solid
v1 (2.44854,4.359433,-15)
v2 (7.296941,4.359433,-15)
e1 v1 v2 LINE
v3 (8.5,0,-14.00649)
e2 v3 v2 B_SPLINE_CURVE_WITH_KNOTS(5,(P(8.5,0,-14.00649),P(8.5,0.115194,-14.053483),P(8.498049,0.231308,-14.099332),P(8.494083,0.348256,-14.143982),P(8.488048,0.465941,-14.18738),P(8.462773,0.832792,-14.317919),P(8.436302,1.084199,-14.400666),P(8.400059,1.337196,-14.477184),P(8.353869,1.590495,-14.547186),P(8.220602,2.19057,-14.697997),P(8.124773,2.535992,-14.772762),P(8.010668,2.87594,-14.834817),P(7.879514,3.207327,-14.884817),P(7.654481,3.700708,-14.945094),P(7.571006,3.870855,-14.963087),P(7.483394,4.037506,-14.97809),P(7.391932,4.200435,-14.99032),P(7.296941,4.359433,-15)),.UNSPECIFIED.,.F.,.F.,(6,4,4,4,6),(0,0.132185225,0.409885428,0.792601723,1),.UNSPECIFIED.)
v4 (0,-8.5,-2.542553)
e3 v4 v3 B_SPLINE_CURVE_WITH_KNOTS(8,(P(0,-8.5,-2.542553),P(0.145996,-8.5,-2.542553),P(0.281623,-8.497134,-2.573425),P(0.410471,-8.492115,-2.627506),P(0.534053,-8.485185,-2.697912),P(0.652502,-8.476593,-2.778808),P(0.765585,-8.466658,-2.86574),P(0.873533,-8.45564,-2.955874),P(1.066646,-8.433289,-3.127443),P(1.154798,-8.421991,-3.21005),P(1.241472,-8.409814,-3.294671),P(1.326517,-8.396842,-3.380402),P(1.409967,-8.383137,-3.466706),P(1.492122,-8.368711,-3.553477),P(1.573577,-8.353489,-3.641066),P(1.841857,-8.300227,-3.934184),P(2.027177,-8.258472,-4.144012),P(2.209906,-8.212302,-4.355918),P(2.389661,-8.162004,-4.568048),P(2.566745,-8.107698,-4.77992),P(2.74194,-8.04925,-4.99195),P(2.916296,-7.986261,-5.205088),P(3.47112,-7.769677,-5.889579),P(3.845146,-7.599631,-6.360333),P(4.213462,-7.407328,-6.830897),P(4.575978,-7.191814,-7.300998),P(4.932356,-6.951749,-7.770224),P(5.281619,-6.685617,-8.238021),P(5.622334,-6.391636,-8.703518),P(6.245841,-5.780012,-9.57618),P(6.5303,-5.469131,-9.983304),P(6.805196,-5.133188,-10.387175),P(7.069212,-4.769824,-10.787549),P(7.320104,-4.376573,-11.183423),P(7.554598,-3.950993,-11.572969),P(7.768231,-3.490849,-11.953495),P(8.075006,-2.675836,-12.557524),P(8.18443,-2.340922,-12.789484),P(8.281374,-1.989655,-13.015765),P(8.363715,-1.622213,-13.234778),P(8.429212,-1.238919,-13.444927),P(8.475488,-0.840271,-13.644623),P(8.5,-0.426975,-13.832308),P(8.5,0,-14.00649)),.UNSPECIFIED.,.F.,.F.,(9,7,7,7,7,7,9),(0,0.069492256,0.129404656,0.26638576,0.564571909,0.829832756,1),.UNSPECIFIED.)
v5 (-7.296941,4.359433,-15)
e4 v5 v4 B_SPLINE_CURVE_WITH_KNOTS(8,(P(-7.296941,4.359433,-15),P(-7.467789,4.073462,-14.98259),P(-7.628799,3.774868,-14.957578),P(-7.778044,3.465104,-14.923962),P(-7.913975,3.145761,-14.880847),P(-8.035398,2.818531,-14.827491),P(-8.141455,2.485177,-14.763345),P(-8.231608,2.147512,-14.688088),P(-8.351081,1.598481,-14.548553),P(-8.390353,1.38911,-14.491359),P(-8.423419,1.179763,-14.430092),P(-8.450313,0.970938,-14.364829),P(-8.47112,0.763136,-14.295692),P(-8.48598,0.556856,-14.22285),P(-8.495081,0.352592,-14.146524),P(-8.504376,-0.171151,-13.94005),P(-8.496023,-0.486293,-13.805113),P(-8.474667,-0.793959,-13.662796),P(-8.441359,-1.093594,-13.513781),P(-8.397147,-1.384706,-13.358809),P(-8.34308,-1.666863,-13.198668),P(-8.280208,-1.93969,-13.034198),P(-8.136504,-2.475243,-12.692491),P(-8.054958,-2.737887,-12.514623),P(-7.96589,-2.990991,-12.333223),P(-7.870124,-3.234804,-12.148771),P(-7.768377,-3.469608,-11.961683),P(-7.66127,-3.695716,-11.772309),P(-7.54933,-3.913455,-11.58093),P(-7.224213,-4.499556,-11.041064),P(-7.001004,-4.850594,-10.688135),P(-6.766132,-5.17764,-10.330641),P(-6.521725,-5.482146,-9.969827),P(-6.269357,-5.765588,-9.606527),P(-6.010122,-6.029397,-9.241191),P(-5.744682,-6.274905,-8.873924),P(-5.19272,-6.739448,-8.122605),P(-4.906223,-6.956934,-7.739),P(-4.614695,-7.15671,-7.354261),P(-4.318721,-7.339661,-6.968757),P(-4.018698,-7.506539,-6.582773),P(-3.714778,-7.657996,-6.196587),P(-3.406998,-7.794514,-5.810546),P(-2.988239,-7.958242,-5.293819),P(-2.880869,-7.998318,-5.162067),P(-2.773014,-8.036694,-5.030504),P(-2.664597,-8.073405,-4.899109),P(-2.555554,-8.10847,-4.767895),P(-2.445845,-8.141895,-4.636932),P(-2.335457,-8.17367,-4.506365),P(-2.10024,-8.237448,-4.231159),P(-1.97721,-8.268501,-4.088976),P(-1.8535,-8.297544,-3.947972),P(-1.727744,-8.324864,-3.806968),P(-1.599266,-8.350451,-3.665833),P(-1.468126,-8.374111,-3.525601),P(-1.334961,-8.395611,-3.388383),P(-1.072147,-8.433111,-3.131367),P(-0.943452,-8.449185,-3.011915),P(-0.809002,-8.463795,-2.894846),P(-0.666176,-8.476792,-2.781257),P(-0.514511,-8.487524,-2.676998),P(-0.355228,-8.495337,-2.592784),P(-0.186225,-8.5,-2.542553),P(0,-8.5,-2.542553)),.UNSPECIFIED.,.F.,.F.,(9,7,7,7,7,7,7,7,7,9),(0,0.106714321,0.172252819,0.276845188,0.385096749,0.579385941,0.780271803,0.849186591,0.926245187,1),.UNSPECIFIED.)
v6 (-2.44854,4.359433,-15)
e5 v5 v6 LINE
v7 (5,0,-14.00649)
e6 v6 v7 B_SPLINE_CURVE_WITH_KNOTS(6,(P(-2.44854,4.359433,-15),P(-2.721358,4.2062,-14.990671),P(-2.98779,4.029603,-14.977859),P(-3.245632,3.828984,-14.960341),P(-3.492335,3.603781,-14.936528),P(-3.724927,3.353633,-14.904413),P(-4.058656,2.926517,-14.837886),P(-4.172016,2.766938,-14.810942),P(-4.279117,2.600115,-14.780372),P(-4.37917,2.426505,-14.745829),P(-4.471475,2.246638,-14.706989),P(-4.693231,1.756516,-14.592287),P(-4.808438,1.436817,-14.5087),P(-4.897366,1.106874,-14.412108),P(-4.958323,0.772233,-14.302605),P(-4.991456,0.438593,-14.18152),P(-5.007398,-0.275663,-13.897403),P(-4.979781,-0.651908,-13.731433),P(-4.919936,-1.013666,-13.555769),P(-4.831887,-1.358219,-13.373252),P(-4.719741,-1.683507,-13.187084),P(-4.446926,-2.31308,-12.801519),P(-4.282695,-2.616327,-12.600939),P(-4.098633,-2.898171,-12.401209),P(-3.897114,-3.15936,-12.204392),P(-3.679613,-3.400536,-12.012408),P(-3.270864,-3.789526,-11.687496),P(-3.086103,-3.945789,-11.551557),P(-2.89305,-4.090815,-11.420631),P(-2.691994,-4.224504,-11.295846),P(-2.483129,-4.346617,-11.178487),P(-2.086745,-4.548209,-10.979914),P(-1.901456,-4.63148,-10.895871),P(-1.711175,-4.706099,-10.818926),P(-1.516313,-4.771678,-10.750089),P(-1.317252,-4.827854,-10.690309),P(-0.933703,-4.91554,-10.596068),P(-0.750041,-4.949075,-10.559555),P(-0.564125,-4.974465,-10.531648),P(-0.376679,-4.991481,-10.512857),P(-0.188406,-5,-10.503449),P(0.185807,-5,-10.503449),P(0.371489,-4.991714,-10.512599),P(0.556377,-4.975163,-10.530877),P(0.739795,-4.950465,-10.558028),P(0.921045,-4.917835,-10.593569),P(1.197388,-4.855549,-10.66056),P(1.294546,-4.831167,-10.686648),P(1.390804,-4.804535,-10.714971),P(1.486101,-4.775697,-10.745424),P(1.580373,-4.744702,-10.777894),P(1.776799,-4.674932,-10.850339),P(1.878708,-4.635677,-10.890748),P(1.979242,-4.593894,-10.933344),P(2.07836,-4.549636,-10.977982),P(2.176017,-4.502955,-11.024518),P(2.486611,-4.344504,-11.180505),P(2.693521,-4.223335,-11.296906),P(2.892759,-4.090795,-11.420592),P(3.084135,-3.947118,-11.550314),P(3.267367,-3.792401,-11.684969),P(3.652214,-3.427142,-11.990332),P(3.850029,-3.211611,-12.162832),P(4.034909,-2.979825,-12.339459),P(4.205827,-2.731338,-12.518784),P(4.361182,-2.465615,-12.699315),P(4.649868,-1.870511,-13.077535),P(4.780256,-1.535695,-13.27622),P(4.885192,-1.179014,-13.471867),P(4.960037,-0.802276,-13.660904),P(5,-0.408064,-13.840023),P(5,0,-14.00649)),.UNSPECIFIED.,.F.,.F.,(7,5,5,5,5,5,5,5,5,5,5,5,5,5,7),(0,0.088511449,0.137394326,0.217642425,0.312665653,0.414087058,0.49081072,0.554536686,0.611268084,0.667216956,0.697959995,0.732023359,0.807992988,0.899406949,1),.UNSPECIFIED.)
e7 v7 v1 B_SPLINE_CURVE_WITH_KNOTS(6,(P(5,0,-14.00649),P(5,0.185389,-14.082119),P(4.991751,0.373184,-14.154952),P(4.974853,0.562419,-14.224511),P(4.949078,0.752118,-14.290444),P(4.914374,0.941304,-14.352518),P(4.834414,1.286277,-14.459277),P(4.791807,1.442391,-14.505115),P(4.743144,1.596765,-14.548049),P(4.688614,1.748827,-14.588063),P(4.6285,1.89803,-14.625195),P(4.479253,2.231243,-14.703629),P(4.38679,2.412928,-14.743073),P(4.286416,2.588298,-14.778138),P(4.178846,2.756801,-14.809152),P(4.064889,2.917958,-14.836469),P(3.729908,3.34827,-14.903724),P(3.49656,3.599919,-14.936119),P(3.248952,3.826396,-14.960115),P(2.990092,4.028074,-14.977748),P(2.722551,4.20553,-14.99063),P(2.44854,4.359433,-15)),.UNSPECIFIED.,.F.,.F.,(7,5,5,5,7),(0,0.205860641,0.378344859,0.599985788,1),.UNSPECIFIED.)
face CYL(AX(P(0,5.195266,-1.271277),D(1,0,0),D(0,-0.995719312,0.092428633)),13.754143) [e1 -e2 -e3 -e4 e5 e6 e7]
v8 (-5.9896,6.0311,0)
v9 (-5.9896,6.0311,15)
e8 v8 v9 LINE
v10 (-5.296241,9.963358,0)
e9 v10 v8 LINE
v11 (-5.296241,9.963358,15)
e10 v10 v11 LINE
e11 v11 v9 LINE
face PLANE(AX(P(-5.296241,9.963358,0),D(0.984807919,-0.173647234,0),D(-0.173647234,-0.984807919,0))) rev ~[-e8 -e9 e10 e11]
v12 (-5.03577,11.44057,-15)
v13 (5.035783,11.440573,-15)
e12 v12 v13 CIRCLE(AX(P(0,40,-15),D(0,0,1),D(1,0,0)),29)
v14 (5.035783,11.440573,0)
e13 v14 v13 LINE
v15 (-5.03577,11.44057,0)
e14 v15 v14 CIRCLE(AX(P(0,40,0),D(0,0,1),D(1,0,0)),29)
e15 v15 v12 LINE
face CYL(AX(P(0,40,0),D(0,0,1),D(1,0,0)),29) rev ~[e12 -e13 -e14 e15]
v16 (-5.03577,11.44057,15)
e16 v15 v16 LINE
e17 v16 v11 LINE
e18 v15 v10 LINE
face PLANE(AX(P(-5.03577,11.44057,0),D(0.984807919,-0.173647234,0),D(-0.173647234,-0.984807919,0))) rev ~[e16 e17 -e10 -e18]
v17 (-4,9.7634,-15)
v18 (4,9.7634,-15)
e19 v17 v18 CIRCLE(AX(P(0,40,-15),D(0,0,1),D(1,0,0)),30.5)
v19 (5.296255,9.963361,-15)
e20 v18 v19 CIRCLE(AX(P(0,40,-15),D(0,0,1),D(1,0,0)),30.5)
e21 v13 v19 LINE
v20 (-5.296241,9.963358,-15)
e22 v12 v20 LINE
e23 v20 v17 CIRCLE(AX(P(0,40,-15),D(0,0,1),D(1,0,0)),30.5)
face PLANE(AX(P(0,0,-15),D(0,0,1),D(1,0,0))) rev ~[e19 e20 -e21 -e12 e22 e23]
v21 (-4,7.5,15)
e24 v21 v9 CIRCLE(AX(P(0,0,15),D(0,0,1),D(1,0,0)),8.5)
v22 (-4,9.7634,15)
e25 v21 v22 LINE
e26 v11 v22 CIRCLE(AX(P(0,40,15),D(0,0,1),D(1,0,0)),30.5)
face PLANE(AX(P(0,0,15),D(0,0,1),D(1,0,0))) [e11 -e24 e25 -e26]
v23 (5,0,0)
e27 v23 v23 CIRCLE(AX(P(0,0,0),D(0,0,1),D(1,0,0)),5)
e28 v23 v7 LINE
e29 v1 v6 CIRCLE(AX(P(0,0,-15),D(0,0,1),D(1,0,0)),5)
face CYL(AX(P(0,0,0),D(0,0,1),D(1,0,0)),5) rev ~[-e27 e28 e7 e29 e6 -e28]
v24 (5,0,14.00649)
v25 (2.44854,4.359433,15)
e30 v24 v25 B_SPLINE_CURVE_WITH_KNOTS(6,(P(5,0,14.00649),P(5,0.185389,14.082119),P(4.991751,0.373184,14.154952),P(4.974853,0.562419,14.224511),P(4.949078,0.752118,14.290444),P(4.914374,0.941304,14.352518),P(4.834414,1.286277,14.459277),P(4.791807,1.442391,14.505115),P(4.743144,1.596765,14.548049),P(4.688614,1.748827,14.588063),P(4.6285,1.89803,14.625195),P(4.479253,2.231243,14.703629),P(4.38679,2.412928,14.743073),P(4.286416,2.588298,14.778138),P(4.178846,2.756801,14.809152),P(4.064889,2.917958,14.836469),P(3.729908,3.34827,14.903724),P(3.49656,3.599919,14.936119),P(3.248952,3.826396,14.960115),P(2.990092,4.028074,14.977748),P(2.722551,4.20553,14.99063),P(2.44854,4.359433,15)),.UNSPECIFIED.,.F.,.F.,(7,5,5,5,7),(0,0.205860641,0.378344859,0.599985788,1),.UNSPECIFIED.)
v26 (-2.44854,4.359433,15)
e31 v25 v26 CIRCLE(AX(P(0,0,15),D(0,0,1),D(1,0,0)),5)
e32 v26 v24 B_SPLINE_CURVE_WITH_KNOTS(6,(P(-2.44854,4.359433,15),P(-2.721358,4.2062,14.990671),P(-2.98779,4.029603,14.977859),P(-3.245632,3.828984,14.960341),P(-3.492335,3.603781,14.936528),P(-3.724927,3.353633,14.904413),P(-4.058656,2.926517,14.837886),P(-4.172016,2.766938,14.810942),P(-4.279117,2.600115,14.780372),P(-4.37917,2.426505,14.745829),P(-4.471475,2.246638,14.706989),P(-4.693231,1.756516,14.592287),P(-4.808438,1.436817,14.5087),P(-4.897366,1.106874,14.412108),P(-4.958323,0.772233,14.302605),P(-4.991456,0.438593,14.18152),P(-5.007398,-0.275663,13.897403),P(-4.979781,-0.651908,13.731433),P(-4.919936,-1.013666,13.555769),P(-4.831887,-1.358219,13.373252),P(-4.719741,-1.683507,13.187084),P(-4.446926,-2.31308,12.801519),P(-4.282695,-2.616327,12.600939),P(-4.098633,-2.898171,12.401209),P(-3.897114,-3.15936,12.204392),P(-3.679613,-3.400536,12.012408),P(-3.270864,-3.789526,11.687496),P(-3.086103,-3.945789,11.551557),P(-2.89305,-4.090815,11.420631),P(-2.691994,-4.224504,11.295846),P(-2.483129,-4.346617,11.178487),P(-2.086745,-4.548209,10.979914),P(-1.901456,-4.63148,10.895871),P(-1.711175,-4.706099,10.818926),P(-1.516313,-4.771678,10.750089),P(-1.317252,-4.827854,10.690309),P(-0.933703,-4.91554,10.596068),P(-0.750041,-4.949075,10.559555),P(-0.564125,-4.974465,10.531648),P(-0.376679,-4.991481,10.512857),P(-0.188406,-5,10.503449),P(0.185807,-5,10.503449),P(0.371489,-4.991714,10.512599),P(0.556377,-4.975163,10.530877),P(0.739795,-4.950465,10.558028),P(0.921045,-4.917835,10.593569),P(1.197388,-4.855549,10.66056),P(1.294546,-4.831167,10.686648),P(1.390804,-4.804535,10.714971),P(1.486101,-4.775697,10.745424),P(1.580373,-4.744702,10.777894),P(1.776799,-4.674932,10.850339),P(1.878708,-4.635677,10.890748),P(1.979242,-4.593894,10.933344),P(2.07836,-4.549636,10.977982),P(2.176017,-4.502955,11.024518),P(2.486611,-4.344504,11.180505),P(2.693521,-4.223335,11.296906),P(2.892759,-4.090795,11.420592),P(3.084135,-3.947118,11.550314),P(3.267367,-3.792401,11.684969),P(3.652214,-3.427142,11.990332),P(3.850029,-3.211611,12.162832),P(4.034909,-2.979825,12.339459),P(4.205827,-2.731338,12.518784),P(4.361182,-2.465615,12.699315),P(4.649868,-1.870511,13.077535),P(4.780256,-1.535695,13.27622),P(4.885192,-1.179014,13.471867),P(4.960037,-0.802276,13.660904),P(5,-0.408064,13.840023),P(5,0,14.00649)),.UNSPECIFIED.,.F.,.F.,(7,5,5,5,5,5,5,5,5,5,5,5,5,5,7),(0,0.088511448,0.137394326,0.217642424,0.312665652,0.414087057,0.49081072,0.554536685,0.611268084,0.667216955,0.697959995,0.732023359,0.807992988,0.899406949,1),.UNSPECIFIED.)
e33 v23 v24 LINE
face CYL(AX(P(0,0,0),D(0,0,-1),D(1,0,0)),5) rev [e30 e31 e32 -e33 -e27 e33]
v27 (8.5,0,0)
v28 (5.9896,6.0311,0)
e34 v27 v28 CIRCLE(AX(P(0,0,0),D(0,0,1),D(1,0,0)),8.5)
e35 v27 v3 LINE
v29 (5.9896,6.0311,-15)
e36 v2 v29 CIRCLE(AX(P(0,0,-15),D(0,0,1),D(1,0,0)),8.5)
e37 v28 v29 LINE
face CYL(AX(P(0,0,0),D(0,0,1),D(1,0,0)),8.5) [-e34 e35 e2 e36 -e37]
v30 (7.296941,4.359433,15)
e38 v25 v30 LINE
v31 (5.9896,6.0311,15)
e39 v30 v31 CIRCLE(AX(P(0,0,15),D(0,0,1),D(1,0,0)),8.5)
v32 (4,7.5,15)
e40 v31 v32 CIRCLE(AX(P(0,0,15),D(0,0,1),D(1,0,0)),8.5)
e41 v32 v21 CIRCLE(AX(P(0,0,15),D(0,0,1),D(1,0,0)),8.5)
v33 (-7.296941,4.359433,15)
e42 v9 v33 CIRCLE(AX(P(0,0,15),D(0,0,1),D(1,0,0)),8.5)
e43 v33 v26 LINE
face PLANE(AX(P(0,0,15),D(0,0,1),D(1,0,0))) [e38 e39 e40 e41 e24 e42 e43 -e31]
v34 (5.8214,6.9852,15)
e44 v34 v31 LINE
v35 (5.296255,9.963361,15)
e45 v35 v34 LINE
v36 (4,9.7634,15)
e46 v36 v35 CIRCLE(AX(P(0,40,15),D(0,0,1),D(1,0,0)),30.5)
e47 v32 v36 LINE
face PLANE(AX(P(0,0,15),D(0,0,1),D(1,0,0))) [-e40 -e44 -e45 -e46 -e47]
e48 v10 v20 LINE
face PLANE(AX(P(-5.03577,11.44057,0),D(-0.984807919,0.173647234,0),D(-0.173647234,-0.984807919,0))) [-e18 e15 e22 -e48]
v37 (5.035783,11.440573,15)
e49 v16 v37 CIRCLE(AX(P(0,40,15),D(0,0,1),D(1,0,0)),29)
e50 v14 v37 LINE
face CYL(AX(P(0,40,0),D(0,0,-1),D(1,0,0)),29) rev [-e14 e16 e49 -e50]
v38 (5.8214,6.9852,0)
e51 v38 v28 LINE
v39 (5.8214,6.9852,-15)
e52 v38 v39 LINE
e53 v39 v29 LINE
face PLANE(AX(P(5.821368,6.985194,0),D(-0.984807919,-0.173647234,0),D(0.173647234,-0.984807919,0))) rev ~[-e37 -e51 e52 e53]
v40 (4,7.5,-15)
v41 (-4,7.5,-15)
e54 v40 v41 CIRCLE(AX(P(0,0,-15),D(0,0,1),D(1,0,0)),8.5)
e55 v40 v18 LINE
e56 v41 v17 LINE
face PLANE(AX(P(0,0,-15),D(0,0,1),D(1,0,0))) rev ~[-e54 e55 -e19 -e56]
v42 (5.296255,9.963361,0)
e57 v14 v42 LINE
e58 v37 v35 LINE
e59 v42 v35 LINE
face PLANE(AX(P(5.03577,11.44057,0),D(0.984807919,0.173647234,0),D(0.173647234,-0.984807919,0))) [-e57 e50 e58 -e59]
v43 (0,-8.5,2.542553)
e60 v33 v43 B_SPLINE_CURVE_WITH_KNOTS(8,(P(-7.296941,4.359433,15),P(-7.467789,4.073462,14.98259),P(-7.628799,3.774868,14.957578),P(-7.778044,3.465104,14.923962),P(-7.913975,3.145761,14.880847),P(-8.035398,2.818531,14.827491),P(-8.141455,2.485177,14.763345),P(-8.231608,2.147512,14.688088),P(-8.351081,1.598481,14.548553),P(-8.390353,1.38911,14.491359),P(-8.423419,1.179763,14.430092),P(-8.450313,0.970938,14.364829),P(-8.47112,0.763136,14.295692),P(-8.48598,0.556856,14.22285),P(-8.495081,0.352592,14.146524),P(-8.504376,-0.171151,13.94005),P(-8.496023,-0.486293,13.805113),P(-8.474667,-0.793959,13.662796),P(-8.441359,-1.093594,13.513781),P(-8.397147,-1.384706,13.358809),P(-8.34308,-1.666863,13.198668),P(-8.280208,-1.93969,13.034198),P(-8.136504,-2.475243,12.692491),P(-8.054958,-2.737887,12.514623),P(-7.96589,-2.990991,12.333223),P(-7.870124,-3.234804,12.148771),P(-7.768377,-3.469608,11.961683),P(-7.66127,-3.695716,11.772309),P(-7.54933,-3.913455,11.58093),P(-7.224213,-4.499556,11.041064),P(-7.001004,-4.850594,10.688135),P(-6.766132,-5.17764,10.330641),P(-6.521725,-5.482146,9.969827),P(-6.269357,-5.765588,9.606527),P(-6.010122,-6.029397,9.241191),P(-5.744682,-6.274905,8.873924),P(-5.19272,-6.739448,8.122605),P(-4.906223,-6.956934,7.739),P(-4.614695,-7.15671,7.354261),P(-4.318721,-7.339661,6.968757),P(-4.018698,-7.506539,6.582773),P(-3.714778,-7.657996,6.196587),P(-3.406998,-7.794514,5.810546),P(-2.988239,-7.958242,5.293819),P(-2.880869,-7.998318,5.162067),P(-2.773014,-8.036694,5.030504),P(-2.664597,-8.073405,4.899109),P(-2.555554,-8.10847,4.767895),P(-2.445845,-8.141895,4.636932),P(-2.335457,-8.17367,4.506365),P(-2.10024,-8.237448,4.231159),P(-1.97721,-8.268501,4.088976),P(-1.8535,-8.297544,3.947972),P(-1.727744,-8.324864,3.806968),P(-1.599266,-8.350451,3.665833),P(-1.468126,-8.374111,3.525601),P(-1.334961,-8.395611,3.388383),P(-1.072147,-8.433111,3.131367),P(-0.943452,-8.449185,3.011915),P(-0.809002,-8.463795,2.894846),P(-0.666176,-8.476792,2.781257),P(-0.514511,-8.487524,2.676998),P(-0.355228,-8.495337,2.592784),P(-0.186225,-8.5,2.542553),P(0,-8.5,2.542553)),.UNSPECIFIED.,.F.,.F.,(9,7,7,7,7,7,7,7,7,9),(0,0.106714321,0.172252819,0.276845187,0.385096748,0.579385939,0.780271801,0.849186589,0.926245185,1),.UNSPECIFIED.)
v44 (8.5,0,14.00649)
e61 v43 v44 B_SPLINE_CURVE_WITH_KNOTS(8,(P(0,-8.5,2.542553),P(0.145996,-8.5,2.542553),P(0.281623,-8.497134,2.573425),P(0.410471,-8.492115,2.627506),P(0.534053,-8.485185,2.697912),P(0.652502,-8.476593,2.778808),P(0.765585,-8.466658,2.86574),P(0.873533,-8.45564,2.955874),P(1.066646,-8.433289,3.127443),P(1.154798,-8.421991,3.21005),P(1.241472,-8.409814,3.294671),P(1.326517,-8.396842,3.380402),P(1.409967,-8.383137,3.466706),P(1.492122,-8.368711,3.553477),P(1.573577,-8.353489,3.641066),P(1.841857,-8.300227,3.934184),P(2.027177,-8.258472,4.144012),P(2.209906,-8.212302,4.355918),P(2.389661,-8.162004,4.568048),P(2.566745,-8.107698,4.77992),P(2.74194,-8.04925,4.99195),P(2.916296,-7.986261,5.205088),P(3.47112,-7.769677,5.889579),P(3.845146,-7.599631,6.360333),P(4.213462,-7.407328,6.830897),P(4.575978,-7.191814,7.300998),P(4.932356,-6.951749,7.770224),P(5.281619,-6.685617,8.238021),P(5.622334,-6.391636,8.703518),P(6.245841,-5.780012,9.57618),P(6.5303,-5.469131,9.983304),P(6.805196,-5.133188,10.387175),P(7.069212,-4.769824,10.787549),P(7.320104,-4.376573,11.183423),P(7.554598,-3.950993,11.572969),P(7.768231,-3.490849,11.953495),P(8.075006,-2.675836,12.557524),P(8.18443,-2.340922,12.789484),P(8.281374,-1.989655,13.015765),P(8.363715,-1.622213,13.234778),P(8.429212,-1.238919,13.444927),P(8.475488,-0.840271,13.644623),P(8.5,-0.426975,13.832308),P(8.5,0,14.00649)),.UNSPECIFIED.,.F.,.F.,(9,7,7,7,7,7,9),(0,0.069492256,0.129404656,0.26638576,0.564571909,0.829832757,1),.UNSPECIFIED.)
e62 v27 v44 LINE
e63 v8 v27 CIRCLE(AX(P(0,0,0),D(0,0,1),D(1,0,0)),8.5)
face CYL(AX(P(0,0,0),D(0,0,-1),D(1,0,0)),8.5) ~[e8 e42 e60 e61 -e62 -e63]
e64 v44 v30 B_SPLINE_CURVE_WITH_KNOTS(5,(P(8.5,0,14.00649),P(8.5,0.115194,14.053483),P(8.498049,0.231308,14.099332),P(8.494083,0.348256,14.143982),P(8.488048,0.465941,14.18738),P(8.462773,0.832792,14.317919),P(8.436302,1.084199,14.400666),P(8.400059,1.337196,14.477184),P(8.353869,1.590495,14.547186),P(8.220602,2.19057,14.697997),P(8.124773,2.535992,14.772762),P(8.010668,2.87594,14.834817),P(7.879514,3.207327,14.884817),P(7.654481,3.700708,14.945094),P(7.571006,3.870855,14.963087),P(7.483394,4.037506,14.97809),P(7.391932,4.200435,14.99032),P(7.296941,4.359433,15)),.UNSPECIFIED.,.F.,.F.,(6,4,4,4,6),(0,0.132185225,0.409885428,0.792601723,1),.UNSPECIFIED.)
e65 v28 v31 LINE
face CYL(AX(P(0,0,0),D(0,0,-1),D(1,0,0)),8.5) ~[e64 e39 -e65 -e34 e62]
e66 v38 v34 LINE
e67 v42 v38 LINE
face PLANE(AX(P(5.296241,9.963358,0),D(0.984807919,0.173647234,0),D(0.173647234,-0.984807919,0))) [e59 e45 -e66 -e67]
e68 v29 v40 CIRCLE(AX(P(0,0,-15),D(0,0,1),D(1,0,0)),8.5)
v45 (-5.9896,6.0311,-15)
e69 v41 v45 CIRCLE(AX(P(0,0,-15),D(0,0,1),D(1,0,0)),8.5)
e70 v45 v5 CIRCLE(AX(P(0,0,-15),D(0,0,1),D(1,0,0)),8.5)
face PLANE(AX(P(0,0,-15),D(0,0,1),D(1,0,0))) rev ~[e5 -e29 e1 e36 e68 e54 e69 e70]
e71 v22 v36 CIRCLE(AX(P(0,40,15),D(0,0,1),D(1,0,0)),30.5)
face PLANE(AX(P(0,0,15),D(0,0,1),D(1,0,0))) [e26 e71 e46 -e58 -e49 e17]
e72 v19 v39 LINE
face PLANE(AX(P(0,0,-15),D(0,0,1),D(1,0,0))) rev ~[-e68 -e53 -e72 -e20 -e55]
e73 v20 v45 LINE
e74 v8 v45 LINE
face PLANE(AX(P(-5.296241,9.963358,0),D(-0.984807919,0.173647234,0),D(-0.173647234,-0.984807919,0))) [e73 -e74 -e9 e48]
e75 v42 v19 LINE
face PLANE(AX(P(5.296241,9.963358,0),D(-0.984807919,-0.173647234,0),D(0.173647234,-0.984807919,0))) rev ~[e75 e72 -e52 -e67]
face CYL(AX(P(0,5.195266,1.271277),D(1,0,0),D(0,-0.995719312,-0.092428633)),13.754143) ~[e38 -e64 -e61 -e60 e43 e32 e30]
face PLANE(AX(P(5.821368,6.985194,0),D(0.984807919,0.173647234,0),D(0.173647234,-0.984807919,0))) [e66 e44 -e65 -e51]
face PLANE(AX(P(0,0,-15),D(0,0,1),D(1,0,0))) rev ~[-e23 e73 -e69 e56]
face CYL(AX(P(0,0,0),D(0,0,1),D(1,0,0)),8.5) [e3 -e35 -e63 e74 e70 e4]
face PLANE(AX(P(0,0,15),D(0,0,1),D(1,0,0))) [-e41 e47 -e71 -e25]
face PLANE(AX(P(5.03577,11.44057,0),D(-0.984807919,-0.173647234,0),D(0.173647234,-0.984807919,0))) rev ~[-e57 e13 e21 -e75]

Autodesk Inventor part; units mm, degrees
ref_plane "YZ Plane" through (0, 0, 0) normal (1, 0, 0) x (0, 1, 0)
ref_plane "XZ Plane" through (0, 0, 0) normal (0, 1, 0) x (-1, 0, 0)
ref_plane "XY Plane" through (0, 0, 0) normal (0, 0, 1) x (1, 0, 0)
sketch "Skizze1" plane through (0, 0, 0) normal (0, 0, 1) x (1, 0, 0)
  circle A0 centre (0, 0) radius 5
  circle A1 centre (0, 0) radius 8.5
  dimension "d0" = 10
  dimension "d1" = 17
extrude "Extrusion1" add sketch "Skizze1" along normal mid plane 30
sketch "Skizze2" plane through (0, 0, 0) normal (0, 0, 1) x (1, 0, 0)
  line L0 (0, 40.0774) -> (0, -42.4456) construction
  line L1 (-37.8898, 0) -> (75.0495, 0) construction
  circle A0 centre (0, 40) radius 30.5 construction
  circle A1 centre (0, 40) radius 30.5
  circle A2 centre (0, 0) radius 8.5 projected
  line L2 (-4, 7.5) -> (-4, 9.7634)
  line L3 (4, 7.5) -> (4, 9.7634)
  circle A3 centre (0, 0) radius 8.5
  circle A4 centre (0, 40) radius 29
  line L4 (0, 40) -> (5.9896, 6.0311)
  line L5 (5.8214, 6.9852) -> (0, 40)
  line L6 (0, 40) -> (-5.9896, 6.0311)
  point P0 (-5.0358, 11.4406)
  point P1 (-5.9896, 6.0311)
  point P2 (5.9896, 6.0311)
  point P3 (5.0358, 11.4406)
  dimension "d4" = 61
  dimension "d5" = 40
  dimension "d6" = 8
  dimension "d7" = 1.5
  dimension "d8" = 10
  dimension "d9" = 10
extrude "Extrusion2" add sketch "Skizze2" along normal mid plane 30 contours A1 L6 A4 L4 | L2 A2 L6 A1 | A1 L3 A2 L2 | A1 L4 A2 L3 picked at (3.574, 10.751)
sketch "Skizze3" plane through (0, 0, 0) normal (1, 0, 0) x (0, 1, 0)
  line L0 (-8.5, -15) -> (-8.5, 15) projected
  line L1 (-8.5, -15) -> (6.0311, -15) projected
  arc A0 (-8.5, 0) -> (6.0311, -15) centre (5.1952, -1.2713) ccw
  line L2 (6.0311, -15) -> (-8.5, -15)
  line L3 (-8.5, -15) -> (-8.5, 0)
  point P0 (0, 0)
  point P1 (4.3593, -15)
  point P2 (-8.5, -2.5427)
extrude "Extrusion3" cut sketch "Skizze3" against normal mid plane 30 contours L0 A0 L1
mirror "Spiegeln1" about plane through (0, 0, 0) normal (0, 0, 1) of "Extrusion3"
properties part number "duct_round"
